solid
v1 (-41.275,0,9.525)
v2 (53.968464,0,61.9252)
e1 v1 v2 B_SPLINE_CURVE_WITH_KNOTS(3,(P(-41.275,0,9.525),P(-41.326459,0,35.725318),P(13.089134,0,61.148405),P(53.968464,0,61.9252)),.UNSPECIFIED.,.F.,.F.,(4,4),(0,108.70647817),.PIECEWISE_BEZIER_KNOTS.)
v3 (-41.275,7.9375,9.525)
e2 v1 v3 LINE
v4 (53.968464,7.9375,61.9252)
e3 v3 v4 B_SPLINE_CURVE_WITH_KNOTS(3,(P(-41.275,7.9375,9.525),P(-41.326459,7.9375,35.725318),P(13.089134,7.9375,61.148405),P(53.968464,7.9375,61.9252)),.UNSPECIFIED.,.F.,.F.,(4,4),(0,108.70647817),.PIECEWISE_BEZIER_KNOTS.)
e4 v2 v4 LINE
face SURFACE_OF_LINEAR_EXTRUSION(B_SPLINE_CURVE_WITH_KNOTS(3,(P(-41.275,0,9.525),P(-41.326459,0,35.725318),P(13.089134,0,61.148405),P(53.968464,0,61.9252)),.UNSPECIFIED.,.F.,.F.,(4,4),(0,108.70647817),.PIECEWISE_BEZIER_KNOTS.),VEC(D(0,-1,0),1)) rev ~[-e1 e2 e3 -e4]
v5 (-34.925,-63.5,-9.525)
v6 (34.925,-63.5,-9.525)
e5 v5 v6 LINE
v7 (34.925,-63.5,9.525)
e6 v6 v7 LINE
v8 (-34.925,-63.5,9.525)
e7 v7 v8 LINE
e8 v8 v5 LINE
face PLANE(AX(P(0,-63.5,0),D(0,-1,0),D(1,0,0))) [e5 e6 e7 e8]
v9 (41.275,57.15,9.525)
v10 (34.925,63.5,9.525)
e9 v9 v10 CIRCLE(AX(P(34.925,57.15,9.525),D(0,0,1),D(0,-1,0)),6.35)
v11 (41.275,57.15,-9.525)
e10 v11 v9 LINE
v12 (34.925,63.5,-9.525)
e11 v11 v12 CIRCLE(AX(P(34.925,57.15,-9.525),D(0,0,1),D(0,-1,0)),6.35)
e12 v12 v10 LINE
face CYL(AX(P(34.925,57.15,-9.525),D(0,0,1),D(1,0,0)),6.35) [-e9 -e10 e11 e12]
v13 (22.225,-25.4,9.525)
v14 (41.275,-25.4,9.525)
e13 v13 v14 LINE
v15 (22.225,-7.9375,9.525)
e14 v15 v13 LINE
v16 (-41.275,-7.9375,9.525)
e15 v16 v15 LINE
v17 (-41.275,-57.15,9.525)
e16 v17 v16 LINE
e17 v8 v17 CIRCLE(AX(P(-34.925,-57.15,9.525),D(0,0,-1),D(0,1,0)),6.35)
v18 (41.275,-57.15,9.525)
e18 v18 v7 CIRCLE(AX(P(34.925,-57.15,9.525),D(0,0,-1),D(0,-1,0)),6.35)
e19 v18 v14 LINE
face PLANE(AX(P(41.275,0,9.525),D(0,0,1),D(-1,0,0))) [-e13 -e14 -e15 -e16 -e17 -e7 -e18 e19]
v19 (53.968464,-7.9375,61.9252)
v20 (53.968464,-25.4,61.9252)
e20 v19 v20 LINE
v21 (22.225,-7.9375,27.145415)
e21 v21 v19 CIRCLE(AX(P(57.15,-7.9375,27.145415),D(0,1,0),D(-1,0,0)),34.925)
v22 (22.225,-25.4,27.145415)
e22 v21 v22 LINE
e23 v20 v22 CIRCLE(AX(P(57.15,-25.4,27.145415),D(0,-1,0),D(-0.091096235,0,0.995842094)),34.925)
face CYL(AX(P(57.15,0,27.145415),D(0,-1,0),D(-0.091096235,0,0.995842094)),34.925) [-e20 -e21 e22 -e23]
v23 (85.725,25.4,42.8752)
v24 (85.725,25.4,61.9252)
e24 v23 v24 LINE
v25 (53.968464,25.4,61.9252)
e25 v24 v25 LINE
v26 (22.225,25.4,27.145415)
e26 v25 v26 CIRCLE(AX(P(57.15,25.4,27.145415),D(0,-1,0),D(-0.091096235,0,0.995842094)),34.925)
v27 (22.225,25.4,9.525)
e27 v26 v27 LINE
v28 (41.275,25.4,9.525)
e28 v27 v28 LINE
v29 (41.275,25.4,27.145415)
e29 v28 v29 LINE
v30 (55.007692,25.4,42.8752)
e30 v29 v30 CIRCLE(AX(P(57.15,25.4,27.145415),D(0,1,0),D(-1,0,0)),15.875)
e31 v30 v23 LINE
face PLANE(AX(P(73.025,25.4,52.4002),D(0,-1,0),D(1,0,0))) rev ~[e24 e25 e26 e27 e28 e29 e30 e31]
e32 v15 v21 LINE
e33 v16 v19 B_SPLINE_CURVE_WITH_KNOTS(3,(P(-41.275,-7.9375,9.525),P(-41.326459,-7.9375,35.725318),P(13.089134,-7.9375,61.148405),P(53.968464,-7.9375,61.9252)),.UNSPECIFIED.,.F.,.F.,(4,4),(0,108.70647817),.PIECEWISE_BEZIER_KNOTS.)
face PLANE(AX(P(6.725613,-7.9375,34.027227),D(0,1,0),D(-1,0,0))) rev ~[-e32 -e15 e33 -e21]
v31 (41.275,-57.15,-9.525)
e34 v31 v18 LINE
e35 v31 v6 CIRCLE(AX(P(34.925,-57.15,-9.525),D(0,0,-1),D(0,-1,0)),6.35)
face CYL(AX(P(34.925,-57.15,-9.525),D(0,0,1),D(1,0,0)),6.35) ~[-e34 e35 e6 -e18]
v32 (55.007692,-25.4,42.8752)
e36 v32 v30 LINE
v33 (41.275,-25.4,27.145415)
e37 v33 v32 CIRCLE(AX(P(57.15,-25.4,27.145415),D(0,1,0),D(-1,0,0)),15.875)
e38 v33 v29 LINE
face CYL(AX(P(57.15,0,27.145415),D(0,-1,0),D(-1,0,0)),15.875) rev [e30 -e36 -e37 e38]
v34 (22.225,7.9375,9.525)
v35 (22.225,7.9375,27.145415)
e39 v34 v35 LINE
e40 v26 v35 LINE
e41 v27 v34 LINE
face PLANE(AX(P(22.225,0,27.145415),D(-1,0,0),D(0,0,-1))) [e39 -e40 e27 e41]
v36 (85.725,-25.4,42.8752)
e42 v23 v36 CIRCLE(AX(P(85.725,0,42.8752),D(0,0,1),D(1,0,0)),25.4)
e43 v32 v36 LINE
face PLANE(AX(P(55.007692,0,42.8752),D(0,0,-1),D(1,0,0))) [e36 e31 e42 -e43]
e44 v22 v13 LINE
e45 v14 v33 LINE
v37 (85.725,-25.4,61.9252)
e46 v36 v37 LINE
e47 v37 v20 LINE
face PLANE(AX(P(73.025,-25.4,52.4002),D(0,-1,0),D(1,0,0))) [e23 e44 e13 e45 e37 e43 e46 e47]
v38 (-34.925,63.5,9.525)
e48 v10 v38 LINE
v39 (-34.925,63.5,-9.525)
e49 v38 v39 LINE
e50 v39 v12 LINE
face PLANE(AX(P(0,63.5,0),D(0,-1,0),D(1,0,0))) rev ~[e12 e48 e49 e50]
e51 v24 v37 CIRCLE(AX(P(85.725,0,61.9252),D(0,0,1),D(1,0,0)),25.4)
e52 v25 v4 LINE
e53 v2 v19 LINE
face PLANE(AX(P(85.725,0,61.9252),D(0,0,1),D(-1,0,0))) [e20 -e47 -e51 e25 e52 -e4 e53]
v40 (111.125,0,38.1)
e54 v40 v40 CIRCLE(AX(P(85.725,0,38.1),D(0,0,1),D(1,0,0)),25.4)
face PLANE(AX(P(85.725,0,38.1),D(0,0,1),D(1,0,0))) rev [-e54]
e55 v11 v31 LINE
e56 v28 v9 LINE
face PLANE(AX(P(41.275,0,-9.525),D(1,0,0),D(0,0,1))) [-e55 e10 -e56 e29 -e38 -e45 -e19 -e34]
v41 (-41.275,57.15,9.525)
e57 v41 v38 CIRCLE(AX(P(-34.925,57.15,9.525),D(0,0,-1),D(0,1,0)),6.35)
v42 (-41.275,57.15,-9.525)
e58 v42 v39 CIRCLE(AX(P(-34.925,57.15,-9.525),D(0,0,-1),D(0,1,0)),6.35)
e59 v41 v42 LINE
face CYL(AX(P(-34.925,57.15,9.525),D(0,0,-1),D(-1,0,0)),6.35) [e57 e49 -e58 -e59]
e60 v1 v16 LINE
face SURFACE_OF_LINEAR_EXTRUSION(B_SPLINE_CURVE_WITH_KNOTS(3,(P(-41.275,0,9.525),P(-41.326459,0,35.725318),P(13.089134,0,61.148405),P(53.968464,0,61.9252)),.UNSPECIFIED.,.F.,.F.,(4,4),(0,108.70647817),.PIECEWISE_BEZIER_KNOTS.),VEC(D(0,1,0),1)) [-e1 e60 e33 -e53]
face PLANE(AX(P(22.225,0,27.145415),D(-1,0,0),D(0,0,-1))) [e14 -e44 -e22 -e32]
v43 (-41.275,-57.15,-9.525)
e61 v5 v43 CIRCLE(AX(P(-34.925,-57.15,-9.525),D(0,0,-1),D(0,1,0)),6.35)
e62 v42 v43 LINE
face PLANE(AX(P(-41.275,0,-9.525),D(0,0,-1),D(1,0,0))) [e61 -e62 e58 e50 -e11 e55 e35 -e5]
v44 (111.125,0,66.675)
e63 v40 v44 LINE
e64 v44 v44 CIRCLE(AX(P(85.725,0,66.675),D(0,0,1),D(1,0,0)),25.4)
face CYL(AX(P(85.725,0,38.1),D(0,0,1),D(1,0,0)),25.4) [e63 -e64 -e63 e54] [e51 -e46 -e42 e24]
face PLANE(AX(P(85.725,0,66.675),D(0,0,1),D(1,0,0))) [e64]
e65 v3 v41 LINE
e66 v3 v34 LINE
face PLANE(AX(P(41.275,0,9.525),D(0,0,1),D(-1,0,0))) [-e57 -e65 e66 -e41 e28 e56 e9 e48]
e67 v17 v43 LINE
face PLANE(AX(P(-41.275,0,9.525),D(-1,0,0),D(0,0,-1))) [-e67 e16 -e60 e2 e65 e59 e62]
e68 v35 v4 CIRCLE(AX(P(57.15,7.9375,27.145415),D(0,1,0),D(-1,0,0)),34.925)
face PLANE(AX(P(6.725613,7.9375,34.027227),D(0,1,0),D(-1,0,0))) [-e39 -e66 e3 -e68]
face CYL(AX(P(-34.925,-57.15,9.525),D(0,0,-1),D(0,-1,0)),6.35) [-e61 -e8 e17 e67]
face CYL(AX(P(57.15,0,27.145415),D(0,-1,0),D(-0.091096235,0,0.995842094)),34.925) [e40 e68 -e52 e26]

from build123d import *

# Parameters (mm, degrees)
F1_DEPTH = 63.5
F0_W     = 25.4
F0_H     = 19.05
F2_DEPTH = 25.4
F3_DEPTH = 7.9375
F5_R     = 6.35


with BuildPart() as f1:
    # F0 (on Front) → F1 (new body, symmetric)
    with BuildSketch(Plane.XZ):
        Polygon((22.225, 9.525), (-41.275, 9.525), (-41.275, -9.525), (41.275, -9.525), (41.275, 9.525), align=None)
    extrude(amount=F1_DEPTH, both=True)

    # F0 (on Front) → F2 (join, symmetric)
    with BuildSketch(Plane.XZ):
        with Locations((73.025, 52.4002)):
            Rectangle(F0_W, F0_H)
        with BuildLine():
            Line((22.225, 27.1454148694), (22.225, 9.525))
            Line((22.225, 9.525), (41.275, 9.525))
            Line((41.275, 9.525), (41.275, 27.1454148694))
            ThreePointArc((41.275, 27.1454148694), (45.1912214489, 37.5858765721), (55.0076917247, 42.8752))
            Line((55.0076917247, 42.8752), (60.325, 42.8752))
            Line((60.325, 42.8752), (60.325, 61.9252))
            Line((60.325, 61.9252), (53.9684640074, 61.9252))
            ThreePointArc((53.9684640074, 61.9252), (31.3539657162, 50.6894213303), (22.225, 27.1454148694))
        make_face()
    extrude(amount=F2_DEPTH, both=True)

    # F0 (on Front) → F3 (join, symmetric)
    with BuildSketch(Plane.XZ):
        with BuildLine():
            add(Edge.make_bspline(
                [(-41.275, 9.525), (-41.3264594972, 35.7253178954), (13.0891343579, 61.1484050751), (53.9684640074, 61.9252)],
                knots=[0, 0, 0, 0, 108.7064781702, 108.7064781702, 108.7064781702, 108.7064781702], degree=3))
            Line((-41.275, 9.525), (22.225, 9.525))
            Line((22.225, 9.525), (22.225, 27.1454148694))
            ThreePointArc((22.225, 27.1454148694), (31.3539657162, 50.6894213303), (53.9684640074, 61.9252))
        make_face()
    extrude(amount=F3_DEPTH, both=True)

    # F0 (on Front) → F4 (revolve)
    with BuildSketch(Plane.XZ):
        Polygon((85.725, 66.675), (85.725, 61.9252), (85.725, 42.8752), (85.725, 38.1), (111.125, 38.1), (111.125, 66.675), align=None)
    revolve(axis=Axis((85.725, 0, 52.3875), (0, 0, 1)))

    # F5
    f5_edges = [f1.edges().sort_by_distance(p)[0] for p in [
        (41.275, -63.5, 0),
        (-41.275, -63.5, 0),
        (41.275, 63.5, 0),
        (-41.275, 63.5, 0),
    ]]
    fillet(f5_edges, radius=F5_R)


solid = f1.part
